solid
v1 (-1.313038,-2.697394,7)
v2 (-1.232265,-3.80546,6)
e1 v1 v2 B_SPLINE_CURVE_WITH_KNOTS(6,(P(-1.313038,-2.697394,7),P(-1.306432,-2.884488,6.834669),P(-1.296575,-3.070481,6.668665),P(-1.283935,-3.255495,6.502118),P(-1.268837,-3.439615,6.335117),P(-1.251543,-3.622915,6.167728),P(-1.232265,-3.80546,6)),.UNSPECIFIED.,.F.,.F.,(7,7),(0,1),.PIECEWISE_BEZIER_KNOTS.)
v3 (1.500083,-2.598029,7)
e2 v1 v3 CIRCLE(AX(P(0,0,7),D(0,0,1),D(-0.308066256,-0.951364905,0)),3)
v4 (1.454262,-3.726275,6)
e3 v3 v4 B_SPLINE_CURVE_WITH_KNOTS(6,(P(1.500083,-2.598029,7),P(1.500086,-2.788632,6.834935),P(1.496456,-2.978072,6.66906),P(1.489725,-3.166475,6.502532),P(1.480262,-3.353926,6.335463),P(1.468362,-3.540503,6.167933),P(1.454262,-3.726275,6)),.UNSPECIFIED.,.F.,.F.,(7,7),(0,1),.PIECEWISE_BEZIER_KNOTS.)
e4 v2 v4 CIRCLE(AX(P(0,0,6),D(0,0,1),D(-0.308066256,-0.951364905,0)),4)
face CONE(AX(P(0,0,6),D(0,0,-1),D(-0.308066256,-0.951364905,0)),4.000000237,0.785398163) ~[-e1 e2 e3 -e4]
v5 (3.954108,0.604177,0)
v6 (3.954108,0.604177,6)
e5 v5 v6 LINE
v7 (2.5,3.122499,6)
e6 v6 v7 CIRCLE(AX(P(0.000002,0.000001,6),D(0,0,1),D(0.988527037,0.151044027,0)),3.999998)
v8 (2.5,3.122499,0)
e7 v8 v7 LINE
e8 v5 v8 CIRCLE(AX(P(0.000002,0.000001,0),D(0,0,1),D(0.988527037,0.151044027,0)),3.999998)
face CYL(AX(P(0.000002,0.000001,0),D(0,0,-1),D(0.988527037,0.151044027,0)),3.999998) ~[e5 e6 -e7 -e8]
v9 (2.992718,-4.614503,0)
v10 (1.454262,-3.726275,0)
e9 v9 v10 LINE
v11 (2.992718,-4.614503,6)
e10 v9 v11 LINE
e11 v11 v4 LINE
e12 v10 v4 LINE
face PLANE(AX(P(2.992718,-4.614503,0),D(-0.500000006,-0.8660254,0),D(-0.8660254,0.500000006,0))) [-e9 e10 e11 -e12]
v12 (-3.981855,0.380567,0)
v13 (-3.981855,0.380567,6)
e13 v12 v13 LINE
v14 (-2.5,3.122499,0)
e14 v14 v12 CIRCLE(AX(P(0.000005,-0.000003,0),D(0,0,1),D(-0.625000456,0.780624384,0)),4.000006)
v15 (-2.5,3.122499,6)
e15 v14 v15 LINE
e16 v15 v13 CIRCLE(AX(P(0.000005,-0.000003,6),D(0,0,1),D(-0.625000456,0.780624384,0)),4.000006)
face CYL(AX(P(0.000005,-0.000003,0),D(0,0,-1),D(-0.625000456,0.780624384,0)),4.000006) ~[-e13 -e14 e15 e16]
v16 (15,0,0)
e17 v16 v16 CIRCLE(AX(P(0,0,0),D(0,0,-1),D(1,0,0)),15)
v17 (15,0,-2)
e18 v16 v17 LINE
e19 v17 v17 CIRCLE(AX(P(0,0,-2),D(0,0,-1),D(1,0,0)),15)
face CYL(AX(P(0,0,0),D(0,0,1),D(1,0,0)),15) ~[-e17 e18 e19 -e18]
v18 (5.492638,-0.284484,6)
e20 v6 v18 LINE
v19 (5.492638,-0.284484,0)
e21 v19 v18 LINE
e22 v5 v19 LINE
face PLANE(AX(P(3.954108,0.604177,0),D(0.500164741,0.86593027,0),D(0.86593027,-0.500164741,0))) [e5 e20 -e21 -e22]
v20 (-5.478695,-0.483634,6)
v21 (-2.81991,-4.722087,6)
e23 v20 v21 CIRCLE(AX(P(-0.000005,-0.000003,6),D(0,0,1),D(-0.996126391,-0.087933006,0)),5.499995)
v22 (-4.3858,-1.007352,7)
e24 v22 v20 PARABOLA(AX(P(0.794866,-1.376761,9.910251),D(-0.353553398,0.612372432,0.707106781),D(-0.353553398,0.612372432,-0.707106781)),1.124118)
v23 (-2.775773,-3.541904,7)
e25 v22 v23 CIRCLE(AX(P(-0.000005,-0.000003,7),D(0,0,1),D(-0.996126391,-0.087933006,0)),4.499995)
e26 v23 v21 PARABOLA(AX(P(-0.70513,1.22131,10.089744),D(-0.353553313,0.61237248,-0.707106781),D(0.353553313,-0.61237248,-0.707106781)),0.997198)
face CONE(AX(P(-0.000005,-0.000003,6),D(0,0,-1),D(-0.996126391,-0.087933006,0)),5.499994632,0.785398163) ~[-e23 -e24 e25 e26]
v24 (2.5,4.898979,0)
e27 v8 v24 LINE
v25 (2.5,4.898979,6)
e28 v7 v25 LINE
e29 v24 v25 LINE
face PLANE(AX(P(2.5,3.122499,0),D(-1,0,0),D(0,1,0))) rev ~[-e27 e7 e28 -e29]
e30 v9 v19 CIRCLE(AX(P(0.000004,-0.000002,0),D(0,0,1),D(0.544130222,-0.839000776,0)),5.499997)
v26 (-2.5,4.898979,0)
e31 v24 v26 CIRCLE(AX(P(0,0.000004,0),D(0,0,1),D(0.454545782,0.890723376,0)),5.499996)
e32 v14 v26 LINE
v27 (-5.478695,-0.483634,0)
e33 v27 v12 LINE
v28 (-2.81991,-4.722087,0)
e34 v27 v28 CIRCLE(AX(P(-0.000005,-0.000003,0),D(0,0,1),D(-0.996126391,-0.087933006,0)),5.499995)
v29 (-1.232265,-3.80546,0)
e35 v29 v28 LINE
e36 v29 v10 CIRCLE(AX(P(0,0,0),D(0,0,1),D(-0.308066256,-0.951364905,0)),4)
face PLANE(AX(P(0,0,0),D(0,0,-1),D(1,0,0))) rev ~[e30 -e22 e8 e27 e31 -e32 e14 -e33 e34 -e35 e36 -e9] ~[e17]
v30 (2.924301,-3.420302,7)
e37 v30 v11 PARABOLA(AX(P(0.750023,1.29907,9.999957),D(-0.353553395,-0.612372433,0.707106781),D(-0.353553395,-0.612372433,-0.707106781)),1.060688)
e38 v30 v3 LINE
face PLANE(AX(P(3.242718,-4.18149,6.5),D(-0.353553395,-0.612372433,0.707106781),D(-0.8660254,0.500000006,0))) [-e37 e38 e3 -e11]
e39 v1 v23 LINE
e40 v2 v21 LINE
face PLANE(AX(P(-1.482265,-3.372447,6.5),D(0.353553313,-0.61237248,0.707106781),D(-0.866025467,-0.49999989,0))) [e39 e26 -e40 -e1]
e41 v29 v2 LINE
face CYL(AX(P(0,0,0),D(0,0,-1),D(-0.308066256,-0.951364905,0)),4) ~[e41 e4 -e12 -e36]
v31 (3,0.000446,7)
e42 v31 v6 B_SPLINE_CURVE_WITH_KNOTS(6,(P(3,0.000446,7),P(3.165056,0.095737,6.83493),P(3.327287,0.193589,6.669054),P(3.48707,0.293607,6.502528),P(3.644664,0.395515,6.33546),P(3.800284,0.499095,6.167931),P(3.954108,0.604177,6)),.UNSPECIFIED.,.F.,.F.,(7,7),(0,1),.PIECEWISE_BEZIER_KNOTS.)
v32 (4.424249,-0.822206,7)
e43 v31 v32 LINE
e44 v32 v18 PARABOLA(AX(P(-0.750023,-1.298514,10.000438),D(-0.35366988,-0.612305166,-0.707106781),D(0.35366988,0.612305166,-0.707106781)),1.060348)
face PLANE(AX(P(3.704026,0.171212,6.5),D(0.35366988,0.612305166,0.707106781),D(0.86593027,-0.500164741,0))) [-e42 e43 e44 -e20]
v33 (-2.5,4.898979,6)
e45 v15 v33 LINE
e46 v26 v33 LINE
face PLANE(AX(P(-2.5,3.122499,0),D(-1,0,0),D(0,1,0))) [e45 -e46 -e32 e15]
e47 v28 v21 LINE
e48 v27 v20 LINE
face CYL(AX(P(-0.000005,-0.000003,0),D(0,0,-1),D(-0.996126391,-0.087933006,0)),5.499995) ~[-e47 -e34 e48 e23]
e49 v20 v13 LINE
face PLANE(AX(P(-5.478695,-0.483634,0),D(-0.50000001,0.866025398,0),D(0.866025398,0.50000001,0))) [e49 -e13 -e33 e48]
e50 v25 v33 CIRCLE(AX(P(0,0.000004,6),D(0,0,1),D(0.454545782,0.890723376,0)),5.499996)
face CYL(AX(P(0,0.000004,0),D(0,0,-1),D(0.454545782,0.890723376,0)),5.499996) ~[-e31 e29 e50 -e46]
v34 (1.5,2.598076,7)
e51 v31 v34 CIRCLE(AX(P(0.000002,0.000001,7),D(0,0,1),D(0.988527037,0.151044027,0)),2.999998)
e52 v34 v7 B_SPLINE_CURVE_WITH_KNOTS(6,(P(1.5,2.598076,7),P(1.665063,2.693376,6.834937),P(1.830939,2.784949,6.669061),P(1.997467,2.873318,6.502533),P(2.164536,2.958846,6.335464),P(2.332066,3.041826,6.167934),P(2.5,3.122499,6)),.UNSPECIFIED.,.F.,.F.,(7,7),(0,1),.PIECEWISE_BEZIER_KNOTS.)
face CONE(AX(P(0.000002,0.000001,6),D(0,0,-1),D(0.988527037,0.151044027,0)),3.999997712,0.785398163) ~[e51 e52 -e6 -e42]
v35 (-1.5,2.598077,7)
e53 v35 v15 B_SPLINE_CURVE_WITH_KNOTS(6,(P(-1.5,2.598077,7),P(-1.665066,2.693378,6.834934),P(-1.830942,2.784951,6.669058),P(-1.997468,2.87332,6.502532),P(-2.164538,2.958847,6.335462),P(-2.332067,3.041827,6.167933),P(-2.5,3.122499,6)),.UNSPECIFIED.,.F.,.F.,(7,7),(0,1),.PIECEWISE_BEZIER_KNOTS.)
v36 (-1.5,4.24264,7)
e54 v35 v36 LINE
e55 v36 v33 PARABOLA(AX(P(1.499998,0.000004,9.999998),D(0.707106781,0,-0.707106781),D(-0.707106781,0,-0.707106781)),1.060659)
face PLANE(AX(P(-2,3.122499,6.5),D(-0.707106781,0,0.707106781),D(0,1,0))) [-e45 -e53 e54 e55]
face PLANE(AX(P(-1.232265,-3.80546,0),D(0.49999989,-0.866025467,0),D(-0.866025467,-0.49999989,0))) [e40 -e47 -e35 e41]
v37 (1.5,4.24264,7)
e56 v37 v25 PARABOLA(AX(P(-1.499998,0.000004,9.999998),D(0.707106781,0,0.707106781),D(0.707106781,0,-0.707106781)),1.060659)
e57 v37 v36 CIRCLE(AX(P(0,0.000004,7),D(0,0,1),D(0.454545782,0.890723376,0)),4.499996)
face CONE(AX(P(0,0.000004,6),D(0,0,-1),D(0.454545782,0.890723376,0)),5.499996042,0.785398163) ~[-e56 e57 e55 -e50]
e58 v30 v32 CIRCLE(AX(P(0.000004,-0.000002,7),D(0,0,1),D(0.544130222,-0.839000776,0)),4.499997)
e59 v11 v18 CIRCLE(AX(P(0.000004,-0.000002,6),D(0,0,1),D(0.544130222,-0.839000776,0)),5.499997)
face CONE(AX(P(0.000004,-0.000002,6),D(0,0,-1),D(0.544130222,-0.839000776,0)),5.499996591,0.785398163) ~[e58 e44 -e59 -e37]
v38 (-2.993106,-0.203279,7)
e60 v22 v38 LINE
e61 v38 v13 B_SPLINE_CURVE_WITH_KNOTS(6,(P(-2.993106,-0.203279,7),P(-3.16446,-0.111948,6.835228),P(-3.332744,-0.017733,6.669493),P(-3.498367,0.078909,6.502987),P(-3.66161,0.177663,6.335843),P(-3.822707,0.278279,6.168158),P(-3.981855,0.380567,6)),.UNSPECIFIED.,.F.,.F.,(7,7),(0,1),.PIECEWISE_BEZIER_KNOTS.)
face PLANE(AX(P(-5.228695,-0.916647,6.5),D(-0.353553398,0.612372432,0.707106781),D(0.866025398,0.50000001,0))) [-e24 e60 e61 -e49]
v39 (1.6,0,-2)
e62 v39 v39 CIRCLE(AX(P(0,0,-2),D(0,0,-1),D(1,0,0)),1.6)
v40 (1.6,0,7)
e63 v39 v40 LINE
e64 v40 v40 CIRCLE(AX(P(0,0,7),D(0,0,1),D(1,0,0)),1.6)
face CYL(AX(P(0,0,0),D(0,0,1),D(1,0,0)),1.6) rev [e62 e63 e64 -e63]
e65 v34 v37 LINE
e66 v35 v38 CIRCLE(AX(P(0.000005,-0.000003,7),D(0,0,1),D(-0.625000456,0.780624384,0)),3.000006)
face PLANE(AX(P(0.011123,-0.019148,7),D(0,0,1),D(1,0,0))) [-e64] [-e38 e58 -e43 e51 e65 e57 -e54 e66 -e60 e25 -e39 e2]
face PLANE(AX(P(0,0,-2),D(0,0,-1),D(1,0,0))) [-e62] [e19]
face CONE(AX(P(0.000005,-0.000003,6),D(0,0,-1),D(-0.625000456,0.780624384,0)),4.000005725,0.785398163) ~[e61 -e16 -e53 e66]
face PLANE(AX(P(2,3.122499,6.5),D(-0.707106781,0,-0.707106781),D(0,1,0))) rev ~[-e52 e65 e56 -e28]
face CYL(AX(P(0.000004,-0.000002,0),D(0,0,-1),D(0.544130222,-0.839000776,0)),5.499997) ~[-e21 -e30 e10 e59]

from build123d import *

# Parameters (mm, degrees)
SKETCH_R      = 1.6
PAD_DEPTH     = 7
SKETCH001_R   = 15
SKETCH001_R_2 = 1.6
PAD001_DEPTH  = 2
CHAMFER_SIZE  = 1


with BuildPart() as part:
    # Sketch → Pad (new body)
    with BuildSketch(Plane.XY):
        with BuildLine():
            ThreePointArc((-2.5, 3.122499), (-3.518971, 1.901799), (-3.981855, 0.380567))
            Line((-5.478695, -0.483634), (-3.981855, 0.380567))
            ThreePointArc((-5.478695, -0.483634), (-4.659167, -2.922699), (-2.81991, -4.722087))
            Line((-1.232265, -3.80546), (-2.81991, -4.722087))
            ThreePointArc((-1.232265, -3.80546), (0.117848, -3.998264), (1.454262, -3.726275))
            Line((2.992718, -4.614503), (1.454262, -3.726275))
            ThreePointArc((2.992718, -4.614503), (4.763149, -2.749985), (5.492638, -0.284484))
            Line((3.954108, 0.604177), (5.492638, -0.284484))
            ThreePointArc((3.954108, 0.604177), (3.46401, 2.000159), (2.5, 3.122499))
            Line((2.5, 3.122499), (2.5, 4.898979))
            ThreePointArc((2.5, 4.898979), (0, 5.5), (-2.5, 4.898979))
            Line((-2.5, 3.122499), (-2.5, 4.898979))
        make_face()
        Circle(SKETCH_R, mode=Mode.SUBTRACT)
    extrude(amount=PAD_DEPTH)

    # Sketch001 (on Face14 of Pad) → Pad001 (join)
    with BuildSketch(Plane(origin=(0, 0, 0), x_dir=(1, 0, 0), z_dir=(0, 0, -1))):
        Circle(SKETCH001_R)
        Circle(SKETCH001_R_2, mode=Mode.SUBTRACT)
    extrude(amount=PAD001_DEPTH)

    # Chamfer
    chamfer_edges = [part.edges().sort_by_distance(p)[0] for p in [
        (-2.026088, -4.263773, 7),
        (0.117848, -3.998264, 7),
        (2.22349, -4.170389, 7),
        (4.763149, -2.749985, 7),
        (3.46401, 2.000159, 7),
        (4.723373, 0.159847, 7),
        (2.5, 4.010739, 7),
        (0, 5.5, 7),
        (-2.5, 4.010739, 7),
        (-3.518971, 1.901799, 7),
        (-4.730275, -0.051534, 7),
        (-4.659167, -2.922699, 7),
    ]]
    chamfer(chamfer_edges, length=CHAMFER_SIZE)


solid = part.part
